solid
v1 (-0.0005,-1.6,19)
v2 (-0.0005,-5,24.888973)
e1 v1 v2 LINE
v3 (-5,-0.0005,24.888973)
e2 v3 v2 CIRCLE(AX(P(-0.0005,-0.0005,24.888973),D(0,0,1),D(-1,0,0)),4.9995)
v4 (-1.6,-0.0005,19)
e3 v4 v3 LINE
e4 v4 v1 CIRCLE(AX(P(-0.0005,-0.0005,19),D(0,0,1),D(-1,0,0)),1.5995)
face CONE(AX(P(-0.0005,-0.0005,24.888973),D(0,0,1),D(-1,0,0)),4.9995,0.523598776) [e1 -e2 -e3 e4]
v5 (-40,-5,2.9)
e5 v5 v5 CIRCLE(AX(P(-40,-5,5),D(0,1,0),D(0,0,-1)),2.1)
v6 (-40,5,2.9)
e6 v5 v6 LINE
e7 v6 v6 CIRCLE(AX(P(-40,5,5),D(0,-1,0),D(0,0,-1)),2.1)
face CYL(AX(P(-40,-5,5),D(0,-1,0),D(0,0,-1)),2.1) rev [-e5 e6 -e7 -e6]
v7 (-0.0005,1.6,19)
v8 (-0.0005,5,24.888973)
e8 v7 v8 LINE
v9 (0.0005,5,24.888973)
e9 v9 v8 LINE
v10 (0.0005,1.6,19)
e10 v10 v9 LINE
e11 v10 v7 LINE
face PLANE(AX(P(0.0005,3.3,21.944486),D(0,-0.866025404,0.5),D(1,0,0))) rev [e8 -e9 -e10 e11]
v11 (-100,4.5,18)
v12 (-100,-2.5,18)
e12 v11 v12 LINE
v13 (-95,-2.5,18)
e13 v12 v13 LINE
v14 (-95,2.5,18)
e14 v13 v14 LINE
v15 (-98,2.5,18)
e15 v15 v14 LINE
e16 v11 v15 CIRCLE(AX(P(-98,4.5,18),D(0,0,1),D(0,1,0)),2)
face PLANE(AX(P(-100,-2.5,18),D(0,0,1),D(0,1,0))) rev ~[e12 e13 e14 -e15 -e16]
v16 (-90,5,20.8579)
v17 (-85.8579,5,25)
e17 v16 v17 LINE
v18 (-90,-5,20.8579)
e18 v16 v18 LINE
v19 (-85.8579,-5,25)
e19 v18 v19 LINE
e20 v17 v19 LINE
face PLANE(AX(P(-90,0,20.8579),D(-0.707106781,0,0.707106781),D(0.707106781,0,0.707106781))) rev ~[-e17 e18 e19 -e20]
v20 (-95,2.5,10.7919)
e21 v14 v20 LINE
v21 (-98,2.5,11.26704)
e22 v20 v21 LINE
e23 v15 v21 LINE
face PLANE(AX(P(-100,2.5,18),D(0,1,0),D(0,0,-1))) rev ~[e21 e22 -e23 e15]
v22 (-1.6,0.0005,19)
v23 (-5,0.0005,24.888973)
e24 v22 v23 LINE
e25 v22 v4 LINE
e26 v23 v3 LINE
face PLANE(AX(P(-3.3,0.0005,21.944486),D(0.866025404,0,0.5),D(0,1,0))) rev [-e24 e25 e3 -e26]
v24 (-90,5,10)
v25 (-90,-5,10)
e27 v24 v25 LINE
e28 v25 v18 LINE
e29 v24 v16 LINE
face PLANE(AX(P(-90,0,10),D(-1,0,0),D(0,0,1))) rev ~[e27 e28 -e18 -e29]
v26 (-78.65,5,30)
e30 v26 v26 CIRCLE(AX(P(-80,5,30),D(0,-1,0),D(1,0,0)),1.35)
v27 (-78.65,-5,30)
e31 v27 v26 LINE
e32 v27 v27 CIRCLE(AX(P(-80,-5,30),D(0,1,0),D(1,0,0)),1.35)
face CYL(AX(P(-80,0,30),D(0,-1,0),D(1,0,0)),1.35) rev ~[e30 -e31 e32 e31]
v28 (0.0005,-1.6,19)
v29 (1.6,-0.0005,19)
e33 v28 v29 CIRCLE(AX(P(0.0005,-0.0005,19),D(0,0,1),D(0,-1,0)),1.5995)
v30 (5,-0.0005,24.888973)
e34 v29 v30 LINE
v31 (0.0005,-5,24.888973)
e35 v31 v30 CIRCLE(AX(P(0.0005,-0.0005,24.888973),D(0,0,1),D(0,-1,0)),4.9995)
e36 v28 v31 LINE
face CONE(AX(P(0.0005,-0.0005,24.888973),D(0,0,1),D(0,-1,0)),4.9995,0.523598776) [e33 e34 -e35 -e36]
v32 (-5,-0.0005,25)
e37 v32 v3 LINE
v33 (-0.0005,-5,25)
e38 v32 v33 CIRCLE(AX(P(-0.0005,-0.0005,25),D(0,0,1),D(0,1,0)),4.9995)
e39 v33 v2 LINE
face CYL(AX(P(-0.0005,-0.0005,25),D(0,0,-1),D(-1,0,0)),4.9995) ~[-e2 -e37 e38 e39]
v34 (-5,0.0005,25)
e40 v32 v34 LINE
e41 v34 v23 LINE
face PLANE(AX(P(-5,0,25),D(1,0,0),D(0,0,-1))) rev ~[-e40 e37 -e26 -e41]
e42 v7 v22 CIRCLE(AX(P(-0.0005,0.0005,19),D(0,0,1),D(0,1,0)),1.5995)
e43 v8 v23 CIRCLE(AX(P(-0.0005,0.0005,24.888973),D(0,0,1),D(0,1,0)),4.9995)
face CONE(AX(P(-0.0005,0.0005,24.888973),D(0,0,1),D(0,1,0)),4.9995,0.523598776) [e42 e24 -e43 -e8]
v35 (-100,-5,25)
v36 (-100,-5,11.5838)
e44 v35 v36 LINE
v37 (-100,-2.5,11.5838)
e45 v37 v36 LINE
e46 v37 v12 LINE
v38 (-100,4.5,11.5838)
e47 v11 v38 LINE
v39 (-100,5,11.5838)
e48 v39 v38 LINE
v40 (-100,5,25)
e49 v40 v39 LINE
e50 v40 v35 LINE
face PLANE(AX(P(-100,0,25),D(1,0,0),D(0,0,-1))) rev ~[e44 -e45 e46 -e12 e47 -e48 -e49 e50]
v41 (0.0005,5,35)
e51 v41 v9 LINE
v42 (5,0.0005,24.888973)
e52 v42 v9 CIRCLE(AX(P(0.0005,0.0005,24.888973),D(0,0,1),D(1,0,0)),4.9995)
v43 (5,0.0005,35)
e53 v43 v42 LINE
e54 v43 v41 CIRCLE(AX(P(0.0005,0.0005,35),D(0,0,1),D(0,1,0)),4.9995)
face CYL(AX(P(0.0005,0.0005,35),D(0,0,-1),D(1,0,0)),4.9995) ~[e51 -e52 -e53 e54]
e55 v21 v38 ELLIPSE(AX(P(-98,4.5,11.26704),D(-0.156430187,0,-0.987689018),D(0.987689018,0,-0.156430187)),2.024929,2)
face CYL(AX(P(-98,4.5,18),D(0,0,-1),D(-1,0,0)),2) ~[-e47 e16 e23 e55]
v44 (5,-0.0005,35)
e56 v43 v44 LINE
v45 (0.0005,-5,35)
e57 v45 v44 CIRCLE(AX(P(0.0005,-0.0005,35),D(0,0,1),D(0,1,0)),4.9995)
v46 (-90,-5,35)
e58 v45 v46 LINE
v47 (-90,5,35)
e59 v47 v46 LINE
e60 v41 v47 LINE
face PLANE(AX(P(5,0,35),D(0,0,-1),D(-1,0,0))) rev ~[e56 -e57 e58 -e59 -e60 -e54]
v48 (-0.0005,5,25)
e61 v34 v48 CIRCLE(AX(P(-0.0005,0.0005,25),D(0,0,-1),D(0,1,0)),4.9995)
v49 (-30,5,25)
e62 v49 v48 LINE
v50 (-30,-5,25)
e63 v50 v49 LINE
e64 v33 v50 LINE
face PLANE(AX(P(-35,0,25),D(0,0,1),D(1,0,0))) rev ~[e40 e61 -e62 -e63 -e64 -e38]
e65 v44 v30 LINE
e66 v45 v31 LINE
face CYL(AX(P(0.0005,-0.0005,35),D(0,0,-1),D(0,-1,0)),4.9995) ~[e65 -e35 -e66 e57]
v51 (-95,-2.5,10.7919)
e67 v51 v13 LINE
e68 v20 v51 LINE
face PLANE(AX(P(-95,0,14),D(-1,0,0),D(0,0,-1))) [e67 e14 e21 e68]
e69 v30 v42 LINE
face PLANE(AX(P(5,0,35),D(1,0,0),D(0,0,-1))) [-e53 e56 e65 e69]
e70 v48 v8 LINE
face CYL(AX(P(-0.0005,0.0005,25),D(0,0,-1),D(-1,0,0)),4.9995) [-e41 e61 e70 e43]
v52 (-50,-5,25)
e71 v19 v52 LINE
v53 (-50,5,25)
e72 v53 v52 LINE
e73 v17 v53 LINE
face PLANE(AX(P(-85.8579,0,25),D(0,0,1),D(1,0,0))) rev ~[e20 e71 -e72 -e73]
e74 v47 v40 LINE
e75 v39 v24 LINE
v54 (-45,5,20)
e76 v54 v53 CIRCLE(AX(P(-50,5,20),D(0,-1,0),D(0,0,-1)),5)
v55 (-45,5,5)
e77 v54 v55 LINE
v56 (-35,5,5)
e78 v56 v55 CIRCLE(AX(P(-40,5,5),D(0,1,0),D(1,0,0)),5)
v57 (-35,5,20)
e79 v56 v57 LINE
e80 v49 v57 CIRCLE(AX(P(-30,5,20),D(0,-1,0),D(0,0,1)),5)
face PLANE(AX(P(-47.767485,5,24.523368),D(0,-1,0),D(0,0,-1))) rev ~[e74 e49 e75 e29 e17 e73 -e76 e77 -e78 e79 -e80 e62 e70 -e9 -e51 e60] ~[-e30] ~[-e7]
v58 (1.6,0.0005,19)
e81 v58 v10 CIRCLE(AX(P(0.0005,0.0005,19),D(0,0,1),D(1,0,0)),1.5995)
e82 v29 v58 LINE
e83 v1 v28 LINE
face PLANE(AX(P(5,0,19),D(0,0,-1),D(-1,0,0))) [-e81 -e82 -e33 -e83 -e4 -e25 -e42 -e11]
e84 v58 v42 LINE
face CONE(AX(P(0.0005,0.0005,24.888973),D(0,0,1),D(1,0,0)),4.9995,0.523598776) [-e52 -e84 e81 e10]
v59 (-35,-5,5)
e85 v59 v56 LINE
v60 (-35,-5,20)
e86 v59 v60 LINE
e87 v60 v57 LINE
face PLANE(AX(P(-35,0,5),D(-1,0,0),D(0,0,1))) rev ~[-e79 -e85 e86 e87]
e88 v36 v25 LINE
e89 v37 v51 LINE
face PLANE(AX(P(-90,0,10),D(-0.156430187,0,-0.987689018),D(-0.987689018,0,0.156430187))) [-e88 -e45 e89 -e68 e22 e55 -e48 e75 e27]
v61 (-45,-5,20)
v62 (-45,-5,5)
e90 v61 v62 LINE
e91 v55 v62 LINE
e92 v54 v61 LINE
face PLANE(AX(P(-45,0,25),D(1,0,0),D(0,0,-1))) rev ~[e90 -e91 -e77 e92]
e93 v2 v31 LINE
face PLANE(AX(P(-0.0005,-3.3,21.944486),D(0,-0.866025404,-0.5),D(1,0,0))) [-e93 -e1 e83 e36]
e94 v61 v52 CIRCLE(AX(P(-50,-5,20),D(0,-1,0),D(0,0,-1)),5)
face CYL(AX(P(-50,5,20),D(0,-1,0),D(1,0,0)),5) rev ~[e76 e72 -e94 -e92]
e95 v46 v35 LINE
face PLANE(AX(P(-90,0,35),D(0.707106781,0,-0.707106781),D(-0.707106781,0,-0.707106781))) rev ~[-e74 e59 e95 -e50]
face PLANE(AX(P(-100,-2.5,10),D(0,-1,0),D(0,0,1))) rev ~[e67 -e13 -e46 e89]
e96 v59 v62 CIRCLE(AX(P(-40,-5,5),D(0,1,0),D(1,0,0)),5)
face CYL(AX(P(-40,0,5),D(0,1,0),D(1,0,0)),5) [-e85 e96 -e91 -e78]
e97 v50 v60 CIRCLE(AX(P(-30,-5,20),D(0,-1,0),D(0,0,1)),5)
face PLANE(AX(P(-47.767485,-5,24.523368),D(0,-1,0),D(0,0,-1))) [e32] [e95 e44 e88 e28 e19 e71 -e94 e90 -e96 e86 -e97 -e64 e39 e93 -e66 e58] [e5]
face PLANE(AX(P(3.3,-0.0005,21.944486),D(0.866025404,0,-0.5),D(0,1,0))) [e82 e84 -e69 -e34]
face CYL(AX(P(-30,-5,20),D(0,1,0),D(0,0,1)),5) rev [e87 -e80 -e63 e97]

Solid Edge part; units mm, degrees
sketch "Sketch1" plane through (0, 0, 0) normal (0, -1, 0) x (1, 0, 0)
  line L0 (-5, 25) -> (-5, 19)
  line L1 (5, 19) -> (-5, 19)
  line L2 (5, 35) -> (5, 19)
  line L3 (5, 35) -> (-90, 35)
  line L4 (-90, 35) -> (-100, 25)
  line L5 (-100, 25) -> (-100, 10)
  line L6 (-100, 10) -> (-90, 10)
  line L7 (-90, 10) -> (-90, 20.8579)
  line L8 (-90, 20.8579) -> (-85.8579, 25)
  line L9 (-85.8579, 25) -> (-45, 25)
  line L10 (-45, 25) -> (-45, 5)
  arc A0 (-35, 5) -> (-45, 5) centre (-40, 5) cw
  line L11 (-35, 5) -> (-35, 25)
  line L12 (-35, 25) -> (-5, 25)
  dimension "D1" = 10
  dimension "D2" = 10
  dimension "D3" = 10
  dimension "D4" = 10
  dimension "D5" = 100
  dimension "D6" = 19
  dimension "D7" = 30
  dimension "D8" = 10
  dimension "D9" = 5
extrude "Protrusion1" add sketch "Sketch1" along normal mid plane 10
fillet "Round_1" radius 5 4 edges at (-5, -5, 22) (-5, 5, 22) (5, 5, 27) (5, -5, 27)
sketch "Sketch2" plane through (0, 0, 0) normal (0, -1, 0) x (1, 0, 0)
  circle A0 centre (-80, 30) radius 1.35
  dimension "D1" = 30
  dimension "D2" = 80
extrude "ExtrudedCutout_3" cut sketch "Sketch2" along normal mid plane 29.2691
sketch "Sketch3" plane through (-100, 0, 15) normal (-1, 0, 0) x (0, 0, -1)
  line L0 (5, 2.5) -> (-3, 2.5)
  line L1 (-3, 2.5) -> (-3, -2.5)
  line L2 (-3, -2.5) -> (5, -2.5)
  line L3 (5, -2.5) -> (5, 2.5)
  dimension "D1" = 8
  dimension "D2" = 5
extrude "Cutout1" cut sketch "Sketch3" against normal blind 5
fillet "Round_6" radius 2 1 edges at (-100, 2.5, 14)
hole "Hole_1" at (-40, -5, 5) direction (0, 1, 0) diameter 4.2 end up to next
fillet "Round_7" radius 5 2 edges at (-45, 0, 25) (-35, 0, 25)
chamfer "Chamfer_4" distance 3.4 angle 60 1 edges at (-5, 0, 19) measured on face at (3.4333, -3.2333, 19)
sketch "Sketch4" plane through (0, 0, 0) normal (0, -1, 0) x (1, 0, 0)
  line L0 (-90, 10) -> (-100, 11.5838)
  line L1 (-100, 11.5838) -> (-100, 10)
  line L2 (-100, 10) -> (-90, 10)
extrude "ExtrudedCutout_5" cut sketch "Sketch4" along normal mid plane 99.8036
properties material "PVC"
